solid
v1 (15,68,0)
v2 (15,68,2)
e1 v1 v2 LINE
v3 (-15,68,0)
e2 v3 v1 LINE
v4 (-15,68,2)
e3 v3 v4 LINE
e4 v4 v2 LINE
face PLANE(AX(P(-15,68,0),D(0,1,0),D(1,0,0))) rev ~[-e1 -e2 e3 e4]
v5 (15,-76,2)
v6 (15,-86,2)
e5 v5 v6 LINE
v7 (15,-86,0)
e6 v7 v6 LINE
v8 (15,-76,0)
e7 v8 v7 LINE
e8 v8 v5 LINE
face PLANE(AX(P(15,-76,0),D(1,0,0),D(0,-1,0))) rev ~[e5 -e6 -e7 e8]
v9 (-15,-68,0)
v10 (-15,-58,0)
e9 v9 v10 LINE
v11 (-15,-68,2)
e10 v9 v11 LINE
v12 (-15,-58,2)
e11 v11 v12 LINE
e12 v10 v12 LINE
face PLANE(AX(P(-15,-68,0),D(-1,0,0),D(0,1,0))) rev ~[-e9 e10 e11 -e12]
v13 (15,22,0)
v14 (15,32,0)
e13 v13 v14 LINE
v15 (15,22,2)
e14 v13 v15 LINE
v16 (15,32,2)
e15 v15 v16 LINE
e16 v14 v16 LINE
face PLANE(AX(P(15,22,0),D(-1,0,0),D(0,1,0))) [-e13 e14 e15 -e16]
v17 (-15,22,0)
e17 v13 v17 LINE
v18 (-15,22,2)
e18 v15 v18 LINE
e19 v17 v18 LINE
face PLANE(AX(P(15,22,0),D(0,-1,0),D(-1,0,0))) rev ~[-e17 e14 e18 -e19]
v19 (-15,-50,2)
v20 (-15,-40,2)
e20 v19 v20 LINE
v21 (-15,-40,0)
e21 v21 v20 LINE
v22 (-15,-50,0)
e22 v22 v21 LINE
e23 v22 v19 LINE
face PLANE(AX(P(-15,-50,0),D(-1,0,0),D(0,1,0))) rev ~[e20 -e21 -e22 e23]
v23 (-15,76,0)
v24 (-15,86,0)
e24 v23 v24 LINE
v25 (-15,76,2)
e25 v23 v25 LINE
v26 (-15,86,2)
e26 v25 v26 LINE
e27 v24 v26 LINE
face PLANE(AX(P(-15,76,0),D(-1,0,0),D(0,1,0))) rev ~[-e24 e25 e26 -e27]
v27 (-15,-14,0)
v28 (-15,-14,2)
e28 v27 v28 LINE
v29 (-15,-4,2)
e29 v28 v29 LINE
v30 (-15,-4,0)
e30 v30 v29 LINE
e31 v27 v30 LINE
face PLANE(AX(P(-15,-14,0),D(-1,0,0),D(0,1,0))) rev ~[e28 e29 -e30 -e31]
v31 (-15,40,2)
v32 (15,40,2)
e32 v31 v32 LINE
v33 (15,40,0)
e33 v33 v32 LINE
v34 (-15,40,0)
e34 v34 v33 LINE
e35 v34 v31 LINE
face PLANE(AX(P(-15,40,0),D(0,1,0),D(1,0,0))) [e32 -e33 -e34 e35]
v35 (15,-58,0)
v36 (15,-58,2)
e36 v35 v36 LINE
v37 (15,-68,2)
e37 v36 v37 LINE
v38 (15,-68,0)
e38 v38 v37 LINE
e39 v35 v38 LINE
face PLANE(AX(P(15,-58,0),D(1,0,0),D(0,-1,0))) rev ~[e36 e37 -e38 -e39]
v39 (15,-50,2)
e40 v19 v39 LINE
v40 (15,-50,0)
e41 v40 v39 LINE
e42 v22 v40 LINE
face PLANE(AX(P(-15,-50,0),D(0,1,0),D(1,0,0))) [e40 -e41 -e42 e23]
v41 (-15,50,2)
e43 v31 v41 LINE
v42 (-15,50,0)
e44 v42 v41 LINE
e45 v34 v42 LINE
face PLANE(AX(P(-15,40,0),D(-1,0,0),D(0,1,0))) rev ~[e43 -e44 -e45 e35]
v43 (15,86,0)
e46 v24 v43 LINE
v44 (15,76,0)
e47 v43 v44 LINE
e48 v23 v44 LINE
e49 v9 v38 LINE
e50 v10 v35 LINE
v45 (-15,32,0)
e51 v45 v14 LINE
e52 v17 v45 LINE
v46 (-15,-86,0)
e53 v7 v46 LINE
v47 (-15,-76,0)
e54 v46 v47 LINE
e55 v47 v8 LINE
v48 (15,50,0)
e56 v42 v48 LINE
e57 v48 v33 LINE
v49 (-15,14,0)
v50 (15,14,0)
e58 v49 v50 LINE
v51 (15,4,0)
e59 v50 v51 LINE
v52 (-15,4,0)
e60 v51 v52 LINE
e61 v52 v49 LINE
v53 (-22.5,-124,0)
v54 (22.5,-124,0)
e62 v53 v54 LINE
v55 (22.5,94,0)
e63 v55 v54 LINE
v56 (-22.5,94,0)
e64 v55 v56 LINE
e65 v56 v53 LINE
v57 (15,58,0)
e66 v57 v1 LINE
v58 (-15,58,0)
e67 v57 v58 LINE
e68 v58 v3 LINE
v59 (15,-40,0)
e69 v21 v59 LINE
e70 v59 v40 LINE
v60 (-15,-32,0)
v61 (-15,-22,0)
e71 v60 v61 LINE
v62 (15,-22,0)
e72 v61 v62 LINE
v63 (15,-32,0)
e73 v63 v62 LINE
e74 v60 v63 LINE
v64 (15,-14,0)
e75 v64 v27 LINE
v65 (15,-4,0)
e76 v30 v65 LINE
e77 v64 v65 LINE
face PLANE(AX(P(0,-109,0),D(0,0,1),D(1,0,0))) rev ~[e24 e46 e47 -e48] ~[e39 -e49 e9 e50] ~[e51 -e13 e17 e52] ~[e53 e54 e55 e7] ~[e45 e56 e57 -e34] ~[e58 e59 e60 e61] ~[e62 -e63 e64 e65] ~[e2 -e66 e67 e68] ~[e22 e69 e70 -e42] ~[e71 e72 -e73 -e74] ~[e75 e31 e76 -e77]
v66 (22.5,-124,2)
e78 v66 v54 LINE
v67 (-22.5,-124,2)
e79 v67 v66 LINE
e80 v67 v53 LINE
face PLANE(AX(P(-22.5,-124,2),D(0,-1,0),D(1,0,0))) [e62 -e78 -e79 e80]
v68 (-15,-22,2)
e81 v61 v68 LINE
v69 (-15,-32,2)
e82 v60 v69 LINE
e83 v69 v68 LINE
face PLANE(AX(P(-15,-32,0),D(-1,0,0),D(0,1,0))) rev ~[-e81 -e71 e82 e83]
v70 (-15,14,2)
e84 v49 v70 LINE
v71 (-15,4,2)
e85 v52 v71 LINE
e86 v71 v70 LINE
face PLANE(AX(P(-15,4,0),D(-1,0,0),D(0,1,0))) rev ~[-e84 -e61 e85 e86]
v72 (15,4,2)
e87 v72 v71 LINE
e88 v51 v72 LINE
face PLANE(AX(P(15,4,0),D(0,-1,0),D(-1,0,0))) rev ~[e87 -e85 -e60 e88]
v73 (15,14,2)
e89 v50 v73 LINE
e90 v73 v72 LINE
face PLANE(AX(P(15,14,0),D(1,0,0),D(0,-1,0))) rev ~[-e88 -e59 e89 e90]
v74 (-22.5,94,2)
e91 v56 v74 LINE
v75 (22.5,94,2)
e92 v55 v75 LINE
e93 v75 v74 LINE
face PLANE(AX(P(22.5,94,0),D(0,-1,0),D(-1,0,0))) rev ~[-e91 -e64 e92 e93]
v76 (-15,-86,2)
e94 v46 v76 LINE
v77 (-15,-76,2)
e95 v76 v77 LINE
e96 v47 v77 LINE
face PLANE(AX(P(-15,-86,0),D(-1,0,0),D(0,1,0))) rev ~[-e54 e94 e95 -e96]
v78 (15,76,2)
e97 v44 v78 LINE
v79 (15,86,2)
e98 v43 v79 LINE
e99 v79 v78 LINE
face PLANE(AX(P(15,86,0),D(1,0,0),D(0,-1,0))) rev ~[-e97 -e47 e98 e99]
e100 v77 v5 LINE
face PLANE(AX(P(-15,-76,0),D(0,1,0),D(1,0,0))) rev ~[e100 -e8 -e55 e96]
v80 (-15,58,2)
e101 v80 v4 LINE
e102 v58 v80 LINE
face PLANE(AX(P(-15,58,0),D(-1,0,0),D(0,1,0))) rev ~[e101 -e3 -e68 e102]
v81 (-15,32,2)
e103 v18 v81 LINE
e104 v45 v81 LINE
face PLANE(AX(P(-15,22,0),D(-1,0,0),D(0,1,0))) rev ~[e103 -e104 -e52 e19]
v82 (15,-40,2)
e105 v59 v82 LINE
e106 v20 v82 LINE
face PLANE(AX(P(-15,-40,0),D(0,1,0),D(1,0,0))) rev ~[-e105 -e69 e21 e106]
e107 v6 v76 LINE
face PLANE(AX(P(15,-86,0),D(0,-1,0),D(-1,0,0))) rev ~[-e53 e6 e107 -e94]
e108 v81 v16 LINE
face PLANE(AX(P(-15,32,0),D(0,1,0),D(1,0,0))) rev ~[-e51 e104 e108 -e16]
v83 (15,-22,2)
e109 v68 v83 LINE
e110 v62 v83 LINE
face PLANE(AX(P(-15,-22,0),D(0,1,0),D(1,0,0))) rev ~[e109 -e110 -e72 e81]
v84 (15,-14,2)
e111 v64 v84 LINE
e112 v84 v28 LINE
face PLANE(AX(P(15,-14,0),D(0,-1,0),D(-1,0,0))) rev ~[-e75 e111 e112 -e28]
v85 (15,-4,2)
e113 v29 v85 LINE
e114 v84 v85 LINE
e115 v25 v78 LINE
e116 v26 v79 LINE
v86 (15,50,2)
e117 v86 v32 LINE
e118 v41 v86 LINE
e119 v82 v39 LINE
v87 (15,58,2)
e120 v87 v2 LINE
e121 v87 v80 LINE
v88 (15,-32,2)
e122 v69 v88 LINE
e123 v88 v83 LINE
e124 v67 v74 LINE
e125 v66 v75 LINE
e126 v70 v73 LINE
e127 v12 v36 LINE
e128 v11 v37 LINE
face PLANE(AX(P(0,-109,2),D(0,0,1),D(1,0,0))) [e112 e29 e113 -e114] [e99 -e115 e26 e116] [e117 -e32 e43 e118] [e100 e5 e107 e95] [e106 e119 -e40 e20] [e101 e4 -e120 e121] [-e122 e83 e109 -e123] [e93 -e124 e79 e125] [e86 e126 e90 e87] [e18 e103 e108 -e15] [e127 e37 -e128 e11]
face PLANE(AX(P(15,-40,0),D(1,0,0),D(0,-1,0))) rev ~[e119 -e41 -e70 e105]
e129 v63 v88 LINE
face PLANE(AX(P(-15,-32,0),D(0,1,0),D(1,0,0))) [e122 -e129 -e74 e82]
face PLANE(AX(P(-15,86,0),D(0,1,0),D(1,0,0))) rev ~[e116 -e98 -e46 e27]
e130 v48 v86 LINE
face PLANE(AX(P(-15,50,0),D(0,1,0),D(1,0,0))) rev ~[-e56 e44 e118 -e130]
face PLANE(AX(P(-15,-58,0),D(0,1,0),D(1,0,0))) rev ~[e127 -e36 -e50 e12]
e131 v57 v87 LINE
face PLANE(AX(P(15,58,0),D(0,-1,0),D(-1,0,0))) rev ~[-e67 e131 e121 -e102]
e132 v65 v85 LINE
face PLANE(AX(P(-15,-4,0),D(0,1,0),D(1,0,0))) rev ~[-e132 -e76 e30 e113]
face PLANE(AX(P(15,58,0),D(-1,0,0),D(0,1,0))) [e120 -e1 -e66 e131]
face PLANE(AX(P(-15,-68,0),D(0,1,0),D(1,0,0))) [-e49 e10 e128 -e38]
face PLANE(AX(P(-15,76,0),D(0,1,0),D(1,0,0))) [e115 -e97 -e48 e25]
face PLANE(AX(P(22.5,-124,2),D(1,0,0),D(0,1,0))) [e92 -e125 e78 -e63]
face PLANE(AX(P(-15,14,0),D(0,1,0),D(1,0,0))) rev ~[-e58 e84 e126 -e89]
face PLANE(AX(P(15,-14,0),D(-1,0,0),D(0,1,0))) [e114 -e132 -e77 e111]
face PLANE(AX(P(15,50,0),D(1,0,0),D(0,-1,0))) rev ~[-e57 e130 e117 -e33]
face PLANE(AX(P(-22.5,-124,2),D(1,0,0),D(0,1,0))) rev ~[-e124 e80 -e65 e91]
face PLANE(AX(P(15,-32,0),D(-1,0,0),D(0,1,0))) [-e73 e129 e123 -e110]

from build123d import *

# Parameters (mm, degrees)
SKETCH1_W           = 7.5
SKETCH1_H           = 8
SKETCH1_H_2         = 10
SKETCH1_W_2         = 30
BOSS_EXTRUDE1_DEPTH = 2
SKETCH2_W           = 45
SKETCH2_H           = 30
BOSS_EXTRUDE2_DEPTH = 2


with BuildPart() as part:
    # Sketch1 → Boss-Extrude1 (new body)
    with BuildSketch(Plane.XY):
        with Locations((-18.75, 90)):
            Rectangle(SKETCH1_W, SKETCH1_H)
        with Locations((-18.75, 81)):
            Rectangle(SKETCH1_W, SKETCH1_H_2)
        with Locations((-18.75, 72)):
            Rectangle(SKETCH1_W, SKETCH1_H)
        with Locations((-18.75, 63)):
            Rectangle(SKETCH1_W, SKETCH1_H_2)
        with Locations((-18.75, 54)):
            Rectangle(SKETCH1_W, SKETCH1_H)
        with Locations((-18.75, 45)):
            Rectangle(SKETCH1_W, SKETCH1_H_2)
        with Locations((0, 90)):
            Rectangle(SKETCH1_W_2, SKETCH1_H)
        with Locations((18.75, 90)):
            Rectangle(SKETCH1_W, SKETCH1_H)
        with Locations((18.75, 81)):
            Rectangle(SKETCH1_W, SKETCH1_H_2)
        with Locations((18.75, 72)):
            Rectangle(SKETCH1_W, SKETCH1_H)
        with Locations((0, 72)):
            Rectangle(SKETCH1_W_2, SKETCH1_H)
        with Locations((0, 54)):
            Rectangle(SKETCH1_W_2, SKETCH1_H)
        with Locations((18.75, 54)):
            Rectangle(SKETCH1_W, SKETCH1_H)
        with Locations((18.75, 63)):
            Rectangle(SKETCH1_W, SKETCH1_H_2)
        with Locations((18.75, 45)):
            Rectangle(SKETCH1_W, SKETCH1_H_2)
        with Locations((18.75, 36)):
            Rectangle(SKETCH1_W, SKETCH1_H)
        with Locations((0, 36)):
            Rectangle(SKETCH1_W_2, SKETCH1_H)
        with Locations((-18.75, 36)):
            Rectangle(SKETCH1_W, SKETCH1_H)
        with Locations((-18.75, 27)):
            Rectangle(SKETCH1_W, SKETCH1_H_2)
        with Locations((-18.75, 18)):
            Rectangle(SKETCH1_W, SKETCH1_H)
        with Locations((-18.75, 9)):
            Rectangle(SKETCH1_W, SKETCH1_H_2)
        with Locations((-18.75, 0)):
            Rectangle(SKETCH1_W, SKETCH1_H)
        Rectangle(SKETCH1_W_2, SKETCH1_H)
        with Locations((18.75, 0)):
            Rectangle(SKETCH1_W, SKETCH1_H)
        with Locations((18.75, 9)):
            Rectangle(SKETCH1_W, SKETCH1_H_2)
        with Locations((18.75, 18)):
            Rectangle(SKETCH1_W, SKETCH1_H)
        with Locations((0, 18)):
            Rectangle(SKETCH1_W_2, SKETCH1_H)
        with Locations((18.75, 27)):
            Rectangle(SKETCH1_W, SKETCH1_H_2)
        with Locations((-18.75, -9)):
            Rectangle(SKETCH1_W, SKETCH1_H_2)
        with Locations((-18.75, -18)):
            Rectangle(SKETCH1_W, SKETCH1_H)
        with Locations((-18.75, -27)):
            Rectangle(SKETCH1_W, SKETCH1_H_2)
        with Locations((-18.75, -36)):
            Rectangle(SKETCH1_W, SKETCH1_H)
        with Locations((-18.75, -45)):
            Rectangle(SKETCH1_W, SKETCH1_H_2)
        with Locations((0, -36)):
            Rectangle(SKETCH1_W_2, SKETCH1_H)
        with Locations((0, -18)):
            Rectangle(SKETCH1_W_2, SKETCH1_H)
        with Locations((18.75, -18)):
            Rectangle(SKETCH1_W, SKETCH1_H)
        with Locations((18.75, -9)):
            Rectangle(SKETCH1_W, SKETCH1_H_2)
        with Locations((18.75, -27)):
            Rectangle(SKETCH1_W, SKETCH1_H_2)
        with Locations((18.75, -36)):
            Rectangle(SKETCH1_W, SKETCH1_H)
        with Locations((-18.75, -54)):
            Rectangle(SKETCH1_W, SKETCH1_H)
        with Locations((-18.75, -63)):
            Rectangle(SKETCH1_W, SKETCH1_H_2)
        with Locations((-18.75, -72)):
            Rectangle(SKETCH1_W, SKETCH1_H)
        with Locations((-18.75, -81)):
            Rectangle(SKETCH1_W, SKETCH1_H_2)
        with Locations((-18.75, -90)):
            Rectangle(SKETCH1_W, SKETCH1_H)
        with Locations((0, -90)):
            Rectangle(SKETCH1_W_2, SKETCH1_H)
        with Locations((18.75, -90)):
            Rectangle(SKETCH1_W, SKETCH1_H)
        with Locations((18.75, -81)):
            Rectangle(SKETCH1_W, SKETCH1_H_2)
        with Locations((18.75, -72)):
            Rectangle(SKETCH1_W, SKETCH1_H)
        with Locations((18.75, -63)):
            Rectangle(SKETCH1_W, SKETCH1_H_2)
        with Locations((18.75, -54)):
            Rectangle(SKETCH1_W, SKETCH1_H)
        with Locations((18.75, -45)):
            Rectangle(SKETCH1_W, SKETCH1_H_2)
        with Locations((0, -54)):
            Rectangle(SKETCH1_W_2, SKETCH1_H)
        with Locations((0, -72)):
            Rectangle(SKETCH1_W_2, SKETCH1_H)
    extrude(amount=BOSS_EXTRUDE1_DEPTH)

    # Sketch2 → Boss-Extrude2 (add)
    with BuildSketch(Plane.XY.offset(2)):
        with Locations((0, -109)):
            Rectangle(SKETCH2_W, SKETCH2_H)
    extrude(amount=-BOSS_EXTRUDE2_DEPTH)


solid = part.part
